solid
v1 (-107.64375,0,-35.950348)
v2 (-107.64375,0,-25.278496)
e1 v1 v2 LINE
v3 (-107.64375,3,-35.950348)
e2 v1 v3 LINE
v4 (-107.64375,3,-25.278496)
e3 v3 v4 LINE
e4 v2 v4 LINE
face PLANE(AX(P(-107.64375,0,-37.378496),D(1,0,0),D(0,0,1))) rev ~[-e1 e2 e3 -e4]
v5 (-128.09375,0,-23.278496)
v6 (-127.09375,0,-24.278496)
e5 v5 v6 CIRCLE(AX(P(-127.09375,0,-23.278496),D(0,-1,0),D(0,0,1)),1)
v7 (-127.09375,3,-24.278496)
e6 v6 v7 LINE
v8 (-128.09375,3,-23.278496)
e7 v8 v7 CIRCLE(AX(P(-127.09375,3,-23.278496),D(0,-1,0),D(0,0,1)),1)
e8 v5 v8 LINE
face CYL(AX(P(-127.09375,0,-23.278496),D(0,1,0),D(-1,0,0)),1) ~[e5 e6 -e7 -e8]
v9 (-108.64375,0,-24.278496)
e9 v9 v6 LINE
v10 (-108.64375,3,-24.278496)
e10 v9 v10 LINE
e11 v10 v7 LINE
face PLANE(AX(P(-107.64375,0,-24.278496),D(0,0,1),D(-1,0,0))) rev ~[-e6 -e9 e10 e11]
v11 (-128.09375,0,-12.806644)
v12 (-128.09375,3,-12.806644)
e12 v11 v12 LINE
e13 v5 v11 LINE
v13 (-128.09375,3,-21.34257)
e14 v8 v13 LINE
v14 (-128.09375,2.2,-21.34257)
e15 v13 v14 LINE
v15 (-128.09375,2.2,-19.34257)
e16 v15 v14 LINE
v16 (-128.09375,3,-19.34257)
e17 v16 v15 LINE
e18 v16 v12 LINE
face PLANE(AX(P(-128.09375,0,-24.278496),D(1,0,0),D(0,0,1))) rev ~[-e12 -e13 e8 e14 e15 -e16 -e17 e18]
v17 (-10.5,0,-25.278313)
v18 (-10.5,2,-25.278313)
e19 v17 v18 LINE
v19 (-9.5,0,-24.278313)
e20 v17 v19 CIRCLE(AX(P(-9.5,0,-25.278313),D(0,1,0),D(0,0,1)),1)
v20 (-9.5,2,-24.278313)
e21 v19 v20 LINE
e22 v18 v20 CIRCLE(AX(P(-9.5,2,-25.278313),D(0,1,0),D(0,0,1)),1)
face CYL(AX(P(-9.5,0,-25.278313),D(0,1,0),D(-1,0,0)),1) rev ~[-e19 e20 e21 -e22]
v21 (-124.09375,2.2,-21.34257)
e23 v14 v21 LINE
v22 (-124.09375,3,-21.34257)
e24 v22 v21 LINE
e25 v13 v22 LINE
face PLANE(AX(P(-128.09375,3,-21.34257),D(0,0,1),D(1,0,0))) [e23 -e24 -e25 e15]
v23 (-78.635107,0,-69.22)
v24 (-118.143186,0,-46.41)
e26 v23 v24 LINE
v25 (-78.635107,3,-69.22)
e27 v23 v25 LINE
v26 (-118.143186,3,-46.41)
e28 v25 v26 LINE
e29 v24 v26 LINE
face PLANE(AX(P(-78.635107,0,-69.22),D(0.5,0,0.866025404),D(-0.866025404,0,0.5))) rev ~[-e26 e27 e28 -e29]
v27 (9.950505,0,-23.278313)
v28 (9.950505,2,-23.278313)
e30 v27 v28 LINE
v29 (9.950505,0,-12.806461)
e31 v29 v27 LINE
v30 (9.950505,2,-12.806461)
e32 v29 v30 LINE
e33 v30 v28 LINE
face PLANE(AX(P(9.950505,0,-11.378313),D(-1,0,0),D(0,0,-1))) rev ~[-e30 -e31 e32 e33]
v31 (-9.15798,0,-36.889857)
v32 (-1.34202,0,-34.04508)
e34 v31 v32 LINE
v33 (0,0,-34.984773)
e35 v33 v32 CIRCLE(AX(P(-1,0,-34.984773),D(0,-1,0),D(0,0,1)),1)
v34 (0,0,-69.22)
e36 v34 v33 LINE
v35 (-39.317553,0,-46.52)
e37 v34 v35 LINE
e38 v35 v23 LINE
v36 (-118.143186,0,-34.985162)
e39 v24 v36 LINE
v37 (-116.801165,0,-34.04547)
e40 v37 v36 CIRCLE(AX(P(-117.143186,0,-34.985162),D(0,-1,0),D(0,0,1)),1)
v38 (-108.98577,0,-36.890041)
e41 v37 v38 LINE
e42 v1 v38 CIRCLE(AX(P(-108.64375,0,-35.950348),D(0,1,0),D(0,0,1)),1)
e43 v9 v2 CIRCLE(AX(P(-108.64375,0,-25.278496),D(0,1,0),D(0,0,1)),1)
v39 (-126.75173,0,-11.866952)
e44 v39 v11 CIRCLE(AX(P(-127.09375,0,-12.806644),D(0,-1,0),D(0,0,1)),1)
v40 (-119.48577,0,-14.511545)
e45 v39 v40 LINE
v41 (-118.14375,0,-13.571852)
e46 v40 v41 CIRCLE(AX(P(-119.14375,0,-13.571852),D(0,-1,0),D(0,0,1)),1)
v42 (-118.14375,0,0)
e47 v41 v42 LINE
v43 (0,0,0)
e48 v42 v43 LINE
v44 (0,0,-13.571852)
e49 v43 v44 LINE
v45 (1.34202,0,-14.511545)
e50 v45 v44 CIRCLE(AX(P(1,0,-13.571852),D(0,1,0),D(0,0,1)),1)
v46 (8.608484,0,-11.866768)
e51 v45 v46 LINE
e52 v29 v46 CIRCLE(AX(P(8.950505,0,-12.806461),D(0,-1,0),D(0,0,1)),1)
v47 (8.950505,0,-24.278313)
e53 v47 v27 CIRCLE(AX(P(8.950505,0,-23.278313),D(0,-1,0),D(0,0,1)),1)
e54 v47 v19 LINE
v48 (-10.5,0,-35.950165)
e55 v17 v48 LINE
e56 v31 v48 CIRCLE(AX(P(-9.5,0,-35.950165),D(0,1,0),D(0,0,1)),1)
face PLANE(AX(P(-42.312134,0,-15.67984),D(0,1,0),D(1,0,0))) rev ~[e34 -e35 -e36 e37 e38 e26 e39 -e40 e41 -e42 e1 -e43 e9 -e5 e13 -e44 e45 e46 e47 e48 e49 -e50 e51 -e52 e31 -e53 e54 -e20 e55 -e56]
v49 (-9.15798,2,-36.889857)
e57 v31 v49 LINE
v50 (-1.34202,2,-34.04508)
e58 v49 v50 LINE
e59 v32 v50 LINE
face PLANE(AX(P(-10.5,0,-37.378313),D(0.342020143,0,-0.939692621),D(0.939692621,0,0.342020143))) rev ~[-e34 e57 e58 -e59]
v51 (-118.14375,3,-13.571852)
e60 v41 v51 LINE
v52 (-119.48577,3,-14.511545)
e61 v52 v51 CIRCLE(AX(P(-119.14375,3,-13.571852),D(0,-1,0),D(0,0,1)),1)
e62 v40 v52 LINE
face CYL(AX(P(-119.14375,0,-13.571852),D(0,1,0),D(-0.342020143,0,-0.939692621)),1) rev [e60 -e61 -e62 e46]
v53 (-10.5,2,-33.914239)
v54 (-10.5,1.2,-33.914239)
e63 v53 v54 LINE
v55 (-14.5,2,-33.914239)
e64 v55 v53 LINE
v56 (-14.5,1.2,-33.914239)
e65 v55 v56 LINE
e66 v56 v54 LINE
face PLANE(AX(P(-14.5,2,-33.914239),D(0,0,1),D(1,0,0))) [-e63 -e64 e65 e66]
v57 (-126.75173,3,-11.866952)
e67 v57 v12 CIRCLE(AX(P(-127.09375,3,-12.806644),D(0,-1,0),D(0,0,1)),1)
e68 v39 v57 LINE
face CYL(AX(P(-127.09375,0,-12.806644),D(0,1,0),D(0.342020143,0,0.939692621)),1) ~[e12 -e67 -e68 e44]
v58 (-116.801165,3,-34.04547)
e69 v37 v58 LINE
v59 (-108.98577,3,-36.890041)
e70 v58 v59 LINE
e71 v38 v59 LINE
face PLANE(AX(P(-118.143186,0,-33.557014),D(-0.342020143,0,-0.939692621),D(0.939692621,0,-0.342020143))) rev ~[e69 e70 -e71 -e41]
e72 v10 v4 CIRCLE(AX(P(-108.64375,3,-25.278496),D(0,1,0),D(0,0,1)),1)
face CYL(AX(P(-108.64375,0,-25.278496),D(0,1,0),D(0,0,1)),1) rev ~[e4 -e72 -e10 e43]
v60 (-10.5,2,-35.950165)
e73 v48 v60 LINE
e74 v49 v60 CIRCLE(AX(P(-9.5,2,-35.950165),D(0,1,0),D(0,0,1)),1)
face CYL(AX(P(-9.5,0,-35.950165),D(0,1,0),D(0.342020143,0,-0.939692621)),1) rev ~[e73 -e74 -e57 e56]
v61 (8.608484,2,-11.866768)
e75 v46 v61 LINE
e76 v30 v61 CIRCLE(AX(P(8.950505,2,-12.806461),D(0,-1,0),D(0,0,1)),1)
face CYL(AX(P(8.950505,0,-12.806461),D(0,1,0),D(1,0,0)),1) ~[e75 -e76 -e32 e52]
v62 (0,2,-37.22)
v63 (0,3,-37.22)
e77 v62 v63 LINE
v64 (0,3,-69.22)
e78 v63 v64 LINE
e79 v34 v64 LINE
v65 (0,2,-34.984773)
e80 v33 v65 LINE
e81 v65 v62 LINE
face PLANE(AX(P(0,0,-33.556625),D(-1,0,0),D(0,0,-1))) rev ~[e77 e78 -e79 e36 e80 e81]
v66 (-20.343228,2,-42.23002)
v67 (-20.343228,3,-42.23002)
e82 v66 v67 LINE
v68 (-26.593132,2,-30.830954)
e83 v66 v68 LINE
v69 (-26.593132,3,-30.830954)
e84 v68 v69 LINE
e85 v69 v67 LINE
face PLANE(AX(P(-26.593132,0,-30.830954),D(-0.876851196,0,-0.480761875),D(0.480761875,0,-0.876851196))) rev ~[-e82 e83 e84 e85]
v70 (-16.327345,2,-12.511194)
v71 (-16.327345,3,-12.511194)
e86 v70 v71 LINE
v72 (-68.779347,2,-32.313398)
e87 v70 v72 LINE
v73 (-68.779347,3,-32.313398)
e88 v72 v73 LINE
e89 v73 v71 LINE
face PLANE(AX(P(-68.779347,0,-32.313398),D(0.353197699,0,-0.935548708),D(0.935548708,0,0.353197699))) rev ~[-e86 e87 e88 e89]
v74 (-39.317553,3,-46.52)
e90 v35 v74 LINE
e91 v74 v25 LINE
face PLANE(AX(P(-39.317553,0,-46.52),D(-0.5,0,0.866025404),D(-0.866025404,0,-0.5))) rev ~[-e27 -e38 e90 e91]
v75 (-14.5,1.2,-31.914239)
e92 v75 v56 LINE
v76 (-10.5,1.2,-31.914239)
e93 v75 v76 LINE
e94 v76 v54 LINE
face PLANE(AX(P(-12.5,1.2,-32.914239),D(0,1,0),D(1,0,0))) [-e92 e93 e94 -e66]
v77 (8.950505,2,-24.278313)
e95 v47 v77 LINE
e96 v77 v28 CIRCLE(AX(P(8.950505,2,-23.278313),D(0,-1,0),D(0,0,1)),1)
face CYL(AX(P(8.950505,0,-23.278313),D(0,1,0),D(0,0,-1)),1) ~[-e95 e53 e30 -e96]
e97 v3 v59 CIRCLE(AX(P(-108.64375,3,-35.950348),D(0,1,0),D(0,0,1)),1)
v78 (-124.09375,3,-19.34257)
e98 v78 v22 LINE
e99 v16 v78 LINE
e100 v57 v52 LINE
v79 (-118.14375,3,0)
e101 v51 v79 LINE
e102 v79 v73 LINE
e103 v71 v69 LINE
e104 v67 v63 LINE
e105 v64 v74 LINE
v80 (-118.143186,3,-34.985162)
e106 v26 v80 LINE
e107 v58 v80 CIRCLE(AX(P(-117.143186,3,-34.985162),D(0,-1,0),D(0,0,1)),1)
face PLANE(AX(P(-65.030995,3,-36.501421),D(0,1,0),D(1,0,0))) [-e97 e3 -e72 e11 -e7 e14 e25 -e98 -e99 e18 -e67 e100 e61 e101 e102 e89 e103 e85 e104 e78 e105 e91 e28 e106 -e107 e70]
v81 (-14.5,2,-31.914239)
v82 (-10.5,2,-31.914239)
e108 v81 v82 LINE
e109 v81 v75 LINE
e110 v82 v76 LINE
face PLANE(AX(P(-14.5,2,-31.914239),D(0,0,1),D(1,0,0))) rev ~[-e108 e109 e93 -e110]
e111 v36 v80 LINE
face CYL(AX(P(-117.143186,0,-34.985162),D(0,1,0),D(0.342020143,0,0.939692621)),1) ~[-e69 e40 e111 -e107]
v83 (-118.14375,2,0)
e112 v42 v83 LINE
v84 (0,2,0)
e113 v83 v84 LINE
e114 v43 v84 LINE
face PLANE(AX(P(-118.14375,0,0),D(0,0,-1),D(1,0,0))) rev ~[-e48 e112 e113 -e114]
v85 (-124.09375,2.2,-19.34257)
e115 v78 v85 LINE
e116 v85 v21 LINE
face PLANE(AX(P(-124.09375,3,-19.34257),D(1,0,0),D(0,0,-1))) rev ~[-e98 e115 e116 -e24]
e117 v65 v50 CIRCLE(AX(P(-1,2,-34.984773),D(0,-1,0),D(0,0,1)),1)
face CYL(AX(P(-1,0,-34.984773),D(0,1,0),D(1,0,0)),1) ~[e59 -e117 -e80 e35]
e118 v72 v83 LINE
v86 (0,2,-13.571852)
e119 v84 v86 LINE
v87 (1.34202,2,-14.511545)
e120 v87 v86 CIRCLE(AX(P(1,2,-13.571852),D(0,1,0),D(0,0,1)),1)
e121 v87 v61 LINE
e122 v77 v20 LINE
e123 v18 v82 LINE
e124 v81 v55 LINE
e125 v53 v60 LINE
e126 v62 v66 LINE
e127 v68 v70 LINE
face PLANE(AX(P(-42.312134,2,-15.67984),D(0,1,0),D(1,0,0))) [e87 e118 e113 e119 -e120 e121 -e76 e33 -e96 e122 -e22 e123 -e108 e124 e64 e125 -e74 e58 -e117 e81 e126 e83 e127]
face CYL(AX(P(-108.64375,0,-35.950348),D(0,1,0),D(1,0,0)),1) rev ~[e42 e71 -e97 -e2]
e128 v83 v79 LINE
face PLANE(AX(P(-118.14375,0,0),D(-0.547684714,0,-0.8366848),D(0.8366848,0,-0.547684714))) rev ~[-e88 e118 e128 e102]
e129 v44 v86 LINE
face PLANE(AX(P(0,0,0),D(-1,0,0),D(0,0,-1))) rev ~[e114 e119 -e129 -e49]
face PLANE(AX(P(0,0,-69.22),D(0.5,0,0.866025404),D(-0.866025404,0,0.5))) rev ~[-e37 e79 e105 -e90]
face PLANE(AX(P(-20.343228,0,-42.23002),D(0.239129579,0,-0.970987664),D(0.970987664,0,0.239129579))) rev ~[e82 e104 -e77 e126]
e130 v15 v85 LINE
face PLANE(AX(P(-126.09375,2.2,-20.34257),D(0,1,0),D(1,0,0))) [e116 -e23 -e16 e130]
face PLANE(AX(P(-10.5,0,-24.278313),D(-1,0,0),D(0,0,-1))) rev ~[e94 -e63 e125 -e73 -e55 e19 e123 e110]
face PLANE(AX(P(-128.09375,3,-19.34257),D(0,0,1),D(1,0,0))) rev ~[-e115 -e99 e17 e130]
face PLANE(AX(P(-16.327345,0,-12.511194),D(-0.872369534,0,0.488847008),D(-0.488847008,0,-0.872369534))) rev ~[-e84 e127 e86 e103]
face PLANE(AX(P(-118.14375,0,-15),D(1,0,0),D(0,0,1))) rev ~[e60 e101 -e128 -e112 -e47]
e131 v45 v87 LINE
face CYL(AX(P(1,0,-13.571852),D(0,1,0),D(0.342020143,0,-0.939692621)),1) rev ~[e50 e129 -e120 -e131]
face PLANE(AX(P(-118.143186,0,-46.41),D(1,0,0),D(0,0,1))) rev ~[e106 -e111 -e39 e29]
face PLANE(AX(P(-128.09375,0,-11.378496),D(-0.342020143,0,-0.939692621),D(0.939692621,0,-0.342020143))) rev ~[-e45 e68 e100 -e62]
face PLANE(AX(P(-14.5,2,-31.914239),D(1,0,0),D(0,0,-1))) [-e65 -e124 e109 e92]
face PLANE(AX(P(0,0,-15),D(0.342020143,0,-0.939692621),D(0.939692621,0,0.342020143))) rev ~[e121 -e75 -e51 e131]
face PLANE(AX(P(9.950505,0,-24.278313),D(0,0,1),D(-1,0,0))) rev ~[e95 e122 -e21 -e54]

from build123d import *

# Parameters (mm, degrees)
P_IDAT_VYSUNUT_M1_DEPTH  = 3
P_IDAT_VYSUNUT_M2_DEPTH  = 2
ZAOBLIT4_R               = 1
SKICA2_W                 = 4
SKICA2_H                 = 2
ODEBRAT_VYSUNUT_M2_DEPTH = 0.8
SKICA3_W                 = 4
SKICA3_H                 = 2
ODEBRAT_VYSUNUT_M3_DEPTH = 0.8


with BuildPart() as part:
    # Skica1 → P_idat vysunut_m1 (new body)
    with BuildSketch(Plane(origin=(0, 0, 0), x_dir=(1, 0, 0), z_dir=(0, 1, 0))):
        Polygon((-118.143750166, 15), (-118.143750166, 0), (-68.779346971, 32.313398106), (-16.32734533, 12.51119421), (-26.593132493, 30.830954414), (-20.343228113, 42.230019956), (0, 37.22), (0, 69.22), (-39.317553332, 46.52), (-78.635106664, 69.22), (-118.143185584, 46.41), (-118.143185584, 33.5570142), (-107.643750166, 37.378496169), (-107.643750166, 24.278496169), (-128.093750166, 24.278496169), (-128.093750166, 11.378496169), align=None)
    extrude(amount=P_IDAT_VYSUNUT_M1_DEPTH)

    # Skica1_5 → P_idat vysunut_m2 (add)
    with BuildSketch(Plane(origin=(0, 0, 0), x_dir=(1, 0, 0), z_dir=(0, 1, 0))):
        Polygon((-68.779346971, 32.313398106), (-118.143750166, 0), (0, 0), (0, 15), (9.950504516, 11.37831254), (9.950504516, 24.27831254), (-10.5, 24.27831254), (-10.5, 37.37831254), (0, 33.55662508), (0, 37.22), (-20.343228113, 42.230019956), (-26.593132493, 30.830954414), (-16.32734533, 12.51119421), align=None)
    extrude(amount=P_IDAT_VYSUNUT_M2_DEPTH)

    # Zaoblit4
    zaoblit4_edges = [part.edges().sort_by_distance(p)[0] for p in [
        (-118.143750166, 1.5, -15),
        (-128.093750166, 1.5, -11.378496169),
        (-128.093750166, 1.5, -24.278496169),
        (-107.643750166, 1.5, -24.278496169),
        (-107.643750166, 1.5, -37.378496169),
        (-118.143185584, 1.5, -33.5570142),
        (-10.5, 1, -24.27831254),
        (-10.5, 1, -37.37831254),
        (0, 1, -33.55662508),
        (0, 1, -15),
        (9.950504516, 1, -11.37831254),
        (9.950504516, 1, -24.27831254),
    ]]
    fillet(zaoblit4_edges, radius=ZAOBLIT4_R)

    # Skica2 → Odebrat vysunut_m2 (cut)
    with BuildSketch(Plane(origin=(0, 3, 0), x_dir=(1, 0, 0), z_dir=(0, 1, 0))):
        with Locations((-126.093750166, 20.342570172)):
            Rectangle(SKICA2_W, SKICA2_H)
    extrude(amount=-ODEBRAT_VYSUNUT_M2_DEPTH, mode=Mode.SUBTRACT)

    # Skica3 → Odebrat vysunut_m3 (cut)
    with BuildSketch(Plane(origin=(0, 2, 0), x_dir=(1, 0, 0), z_dir=(0, 1, 0))):
        with Locations((-12.5, 32.914238537)):
            Rectangle(SKICA3_W, SKICA3_H)
    extrude(amount=-ODEBRAT_VYSUNUT_M3_DEPTH, mode=Mode.SUBTRACT)


solid = part.part
